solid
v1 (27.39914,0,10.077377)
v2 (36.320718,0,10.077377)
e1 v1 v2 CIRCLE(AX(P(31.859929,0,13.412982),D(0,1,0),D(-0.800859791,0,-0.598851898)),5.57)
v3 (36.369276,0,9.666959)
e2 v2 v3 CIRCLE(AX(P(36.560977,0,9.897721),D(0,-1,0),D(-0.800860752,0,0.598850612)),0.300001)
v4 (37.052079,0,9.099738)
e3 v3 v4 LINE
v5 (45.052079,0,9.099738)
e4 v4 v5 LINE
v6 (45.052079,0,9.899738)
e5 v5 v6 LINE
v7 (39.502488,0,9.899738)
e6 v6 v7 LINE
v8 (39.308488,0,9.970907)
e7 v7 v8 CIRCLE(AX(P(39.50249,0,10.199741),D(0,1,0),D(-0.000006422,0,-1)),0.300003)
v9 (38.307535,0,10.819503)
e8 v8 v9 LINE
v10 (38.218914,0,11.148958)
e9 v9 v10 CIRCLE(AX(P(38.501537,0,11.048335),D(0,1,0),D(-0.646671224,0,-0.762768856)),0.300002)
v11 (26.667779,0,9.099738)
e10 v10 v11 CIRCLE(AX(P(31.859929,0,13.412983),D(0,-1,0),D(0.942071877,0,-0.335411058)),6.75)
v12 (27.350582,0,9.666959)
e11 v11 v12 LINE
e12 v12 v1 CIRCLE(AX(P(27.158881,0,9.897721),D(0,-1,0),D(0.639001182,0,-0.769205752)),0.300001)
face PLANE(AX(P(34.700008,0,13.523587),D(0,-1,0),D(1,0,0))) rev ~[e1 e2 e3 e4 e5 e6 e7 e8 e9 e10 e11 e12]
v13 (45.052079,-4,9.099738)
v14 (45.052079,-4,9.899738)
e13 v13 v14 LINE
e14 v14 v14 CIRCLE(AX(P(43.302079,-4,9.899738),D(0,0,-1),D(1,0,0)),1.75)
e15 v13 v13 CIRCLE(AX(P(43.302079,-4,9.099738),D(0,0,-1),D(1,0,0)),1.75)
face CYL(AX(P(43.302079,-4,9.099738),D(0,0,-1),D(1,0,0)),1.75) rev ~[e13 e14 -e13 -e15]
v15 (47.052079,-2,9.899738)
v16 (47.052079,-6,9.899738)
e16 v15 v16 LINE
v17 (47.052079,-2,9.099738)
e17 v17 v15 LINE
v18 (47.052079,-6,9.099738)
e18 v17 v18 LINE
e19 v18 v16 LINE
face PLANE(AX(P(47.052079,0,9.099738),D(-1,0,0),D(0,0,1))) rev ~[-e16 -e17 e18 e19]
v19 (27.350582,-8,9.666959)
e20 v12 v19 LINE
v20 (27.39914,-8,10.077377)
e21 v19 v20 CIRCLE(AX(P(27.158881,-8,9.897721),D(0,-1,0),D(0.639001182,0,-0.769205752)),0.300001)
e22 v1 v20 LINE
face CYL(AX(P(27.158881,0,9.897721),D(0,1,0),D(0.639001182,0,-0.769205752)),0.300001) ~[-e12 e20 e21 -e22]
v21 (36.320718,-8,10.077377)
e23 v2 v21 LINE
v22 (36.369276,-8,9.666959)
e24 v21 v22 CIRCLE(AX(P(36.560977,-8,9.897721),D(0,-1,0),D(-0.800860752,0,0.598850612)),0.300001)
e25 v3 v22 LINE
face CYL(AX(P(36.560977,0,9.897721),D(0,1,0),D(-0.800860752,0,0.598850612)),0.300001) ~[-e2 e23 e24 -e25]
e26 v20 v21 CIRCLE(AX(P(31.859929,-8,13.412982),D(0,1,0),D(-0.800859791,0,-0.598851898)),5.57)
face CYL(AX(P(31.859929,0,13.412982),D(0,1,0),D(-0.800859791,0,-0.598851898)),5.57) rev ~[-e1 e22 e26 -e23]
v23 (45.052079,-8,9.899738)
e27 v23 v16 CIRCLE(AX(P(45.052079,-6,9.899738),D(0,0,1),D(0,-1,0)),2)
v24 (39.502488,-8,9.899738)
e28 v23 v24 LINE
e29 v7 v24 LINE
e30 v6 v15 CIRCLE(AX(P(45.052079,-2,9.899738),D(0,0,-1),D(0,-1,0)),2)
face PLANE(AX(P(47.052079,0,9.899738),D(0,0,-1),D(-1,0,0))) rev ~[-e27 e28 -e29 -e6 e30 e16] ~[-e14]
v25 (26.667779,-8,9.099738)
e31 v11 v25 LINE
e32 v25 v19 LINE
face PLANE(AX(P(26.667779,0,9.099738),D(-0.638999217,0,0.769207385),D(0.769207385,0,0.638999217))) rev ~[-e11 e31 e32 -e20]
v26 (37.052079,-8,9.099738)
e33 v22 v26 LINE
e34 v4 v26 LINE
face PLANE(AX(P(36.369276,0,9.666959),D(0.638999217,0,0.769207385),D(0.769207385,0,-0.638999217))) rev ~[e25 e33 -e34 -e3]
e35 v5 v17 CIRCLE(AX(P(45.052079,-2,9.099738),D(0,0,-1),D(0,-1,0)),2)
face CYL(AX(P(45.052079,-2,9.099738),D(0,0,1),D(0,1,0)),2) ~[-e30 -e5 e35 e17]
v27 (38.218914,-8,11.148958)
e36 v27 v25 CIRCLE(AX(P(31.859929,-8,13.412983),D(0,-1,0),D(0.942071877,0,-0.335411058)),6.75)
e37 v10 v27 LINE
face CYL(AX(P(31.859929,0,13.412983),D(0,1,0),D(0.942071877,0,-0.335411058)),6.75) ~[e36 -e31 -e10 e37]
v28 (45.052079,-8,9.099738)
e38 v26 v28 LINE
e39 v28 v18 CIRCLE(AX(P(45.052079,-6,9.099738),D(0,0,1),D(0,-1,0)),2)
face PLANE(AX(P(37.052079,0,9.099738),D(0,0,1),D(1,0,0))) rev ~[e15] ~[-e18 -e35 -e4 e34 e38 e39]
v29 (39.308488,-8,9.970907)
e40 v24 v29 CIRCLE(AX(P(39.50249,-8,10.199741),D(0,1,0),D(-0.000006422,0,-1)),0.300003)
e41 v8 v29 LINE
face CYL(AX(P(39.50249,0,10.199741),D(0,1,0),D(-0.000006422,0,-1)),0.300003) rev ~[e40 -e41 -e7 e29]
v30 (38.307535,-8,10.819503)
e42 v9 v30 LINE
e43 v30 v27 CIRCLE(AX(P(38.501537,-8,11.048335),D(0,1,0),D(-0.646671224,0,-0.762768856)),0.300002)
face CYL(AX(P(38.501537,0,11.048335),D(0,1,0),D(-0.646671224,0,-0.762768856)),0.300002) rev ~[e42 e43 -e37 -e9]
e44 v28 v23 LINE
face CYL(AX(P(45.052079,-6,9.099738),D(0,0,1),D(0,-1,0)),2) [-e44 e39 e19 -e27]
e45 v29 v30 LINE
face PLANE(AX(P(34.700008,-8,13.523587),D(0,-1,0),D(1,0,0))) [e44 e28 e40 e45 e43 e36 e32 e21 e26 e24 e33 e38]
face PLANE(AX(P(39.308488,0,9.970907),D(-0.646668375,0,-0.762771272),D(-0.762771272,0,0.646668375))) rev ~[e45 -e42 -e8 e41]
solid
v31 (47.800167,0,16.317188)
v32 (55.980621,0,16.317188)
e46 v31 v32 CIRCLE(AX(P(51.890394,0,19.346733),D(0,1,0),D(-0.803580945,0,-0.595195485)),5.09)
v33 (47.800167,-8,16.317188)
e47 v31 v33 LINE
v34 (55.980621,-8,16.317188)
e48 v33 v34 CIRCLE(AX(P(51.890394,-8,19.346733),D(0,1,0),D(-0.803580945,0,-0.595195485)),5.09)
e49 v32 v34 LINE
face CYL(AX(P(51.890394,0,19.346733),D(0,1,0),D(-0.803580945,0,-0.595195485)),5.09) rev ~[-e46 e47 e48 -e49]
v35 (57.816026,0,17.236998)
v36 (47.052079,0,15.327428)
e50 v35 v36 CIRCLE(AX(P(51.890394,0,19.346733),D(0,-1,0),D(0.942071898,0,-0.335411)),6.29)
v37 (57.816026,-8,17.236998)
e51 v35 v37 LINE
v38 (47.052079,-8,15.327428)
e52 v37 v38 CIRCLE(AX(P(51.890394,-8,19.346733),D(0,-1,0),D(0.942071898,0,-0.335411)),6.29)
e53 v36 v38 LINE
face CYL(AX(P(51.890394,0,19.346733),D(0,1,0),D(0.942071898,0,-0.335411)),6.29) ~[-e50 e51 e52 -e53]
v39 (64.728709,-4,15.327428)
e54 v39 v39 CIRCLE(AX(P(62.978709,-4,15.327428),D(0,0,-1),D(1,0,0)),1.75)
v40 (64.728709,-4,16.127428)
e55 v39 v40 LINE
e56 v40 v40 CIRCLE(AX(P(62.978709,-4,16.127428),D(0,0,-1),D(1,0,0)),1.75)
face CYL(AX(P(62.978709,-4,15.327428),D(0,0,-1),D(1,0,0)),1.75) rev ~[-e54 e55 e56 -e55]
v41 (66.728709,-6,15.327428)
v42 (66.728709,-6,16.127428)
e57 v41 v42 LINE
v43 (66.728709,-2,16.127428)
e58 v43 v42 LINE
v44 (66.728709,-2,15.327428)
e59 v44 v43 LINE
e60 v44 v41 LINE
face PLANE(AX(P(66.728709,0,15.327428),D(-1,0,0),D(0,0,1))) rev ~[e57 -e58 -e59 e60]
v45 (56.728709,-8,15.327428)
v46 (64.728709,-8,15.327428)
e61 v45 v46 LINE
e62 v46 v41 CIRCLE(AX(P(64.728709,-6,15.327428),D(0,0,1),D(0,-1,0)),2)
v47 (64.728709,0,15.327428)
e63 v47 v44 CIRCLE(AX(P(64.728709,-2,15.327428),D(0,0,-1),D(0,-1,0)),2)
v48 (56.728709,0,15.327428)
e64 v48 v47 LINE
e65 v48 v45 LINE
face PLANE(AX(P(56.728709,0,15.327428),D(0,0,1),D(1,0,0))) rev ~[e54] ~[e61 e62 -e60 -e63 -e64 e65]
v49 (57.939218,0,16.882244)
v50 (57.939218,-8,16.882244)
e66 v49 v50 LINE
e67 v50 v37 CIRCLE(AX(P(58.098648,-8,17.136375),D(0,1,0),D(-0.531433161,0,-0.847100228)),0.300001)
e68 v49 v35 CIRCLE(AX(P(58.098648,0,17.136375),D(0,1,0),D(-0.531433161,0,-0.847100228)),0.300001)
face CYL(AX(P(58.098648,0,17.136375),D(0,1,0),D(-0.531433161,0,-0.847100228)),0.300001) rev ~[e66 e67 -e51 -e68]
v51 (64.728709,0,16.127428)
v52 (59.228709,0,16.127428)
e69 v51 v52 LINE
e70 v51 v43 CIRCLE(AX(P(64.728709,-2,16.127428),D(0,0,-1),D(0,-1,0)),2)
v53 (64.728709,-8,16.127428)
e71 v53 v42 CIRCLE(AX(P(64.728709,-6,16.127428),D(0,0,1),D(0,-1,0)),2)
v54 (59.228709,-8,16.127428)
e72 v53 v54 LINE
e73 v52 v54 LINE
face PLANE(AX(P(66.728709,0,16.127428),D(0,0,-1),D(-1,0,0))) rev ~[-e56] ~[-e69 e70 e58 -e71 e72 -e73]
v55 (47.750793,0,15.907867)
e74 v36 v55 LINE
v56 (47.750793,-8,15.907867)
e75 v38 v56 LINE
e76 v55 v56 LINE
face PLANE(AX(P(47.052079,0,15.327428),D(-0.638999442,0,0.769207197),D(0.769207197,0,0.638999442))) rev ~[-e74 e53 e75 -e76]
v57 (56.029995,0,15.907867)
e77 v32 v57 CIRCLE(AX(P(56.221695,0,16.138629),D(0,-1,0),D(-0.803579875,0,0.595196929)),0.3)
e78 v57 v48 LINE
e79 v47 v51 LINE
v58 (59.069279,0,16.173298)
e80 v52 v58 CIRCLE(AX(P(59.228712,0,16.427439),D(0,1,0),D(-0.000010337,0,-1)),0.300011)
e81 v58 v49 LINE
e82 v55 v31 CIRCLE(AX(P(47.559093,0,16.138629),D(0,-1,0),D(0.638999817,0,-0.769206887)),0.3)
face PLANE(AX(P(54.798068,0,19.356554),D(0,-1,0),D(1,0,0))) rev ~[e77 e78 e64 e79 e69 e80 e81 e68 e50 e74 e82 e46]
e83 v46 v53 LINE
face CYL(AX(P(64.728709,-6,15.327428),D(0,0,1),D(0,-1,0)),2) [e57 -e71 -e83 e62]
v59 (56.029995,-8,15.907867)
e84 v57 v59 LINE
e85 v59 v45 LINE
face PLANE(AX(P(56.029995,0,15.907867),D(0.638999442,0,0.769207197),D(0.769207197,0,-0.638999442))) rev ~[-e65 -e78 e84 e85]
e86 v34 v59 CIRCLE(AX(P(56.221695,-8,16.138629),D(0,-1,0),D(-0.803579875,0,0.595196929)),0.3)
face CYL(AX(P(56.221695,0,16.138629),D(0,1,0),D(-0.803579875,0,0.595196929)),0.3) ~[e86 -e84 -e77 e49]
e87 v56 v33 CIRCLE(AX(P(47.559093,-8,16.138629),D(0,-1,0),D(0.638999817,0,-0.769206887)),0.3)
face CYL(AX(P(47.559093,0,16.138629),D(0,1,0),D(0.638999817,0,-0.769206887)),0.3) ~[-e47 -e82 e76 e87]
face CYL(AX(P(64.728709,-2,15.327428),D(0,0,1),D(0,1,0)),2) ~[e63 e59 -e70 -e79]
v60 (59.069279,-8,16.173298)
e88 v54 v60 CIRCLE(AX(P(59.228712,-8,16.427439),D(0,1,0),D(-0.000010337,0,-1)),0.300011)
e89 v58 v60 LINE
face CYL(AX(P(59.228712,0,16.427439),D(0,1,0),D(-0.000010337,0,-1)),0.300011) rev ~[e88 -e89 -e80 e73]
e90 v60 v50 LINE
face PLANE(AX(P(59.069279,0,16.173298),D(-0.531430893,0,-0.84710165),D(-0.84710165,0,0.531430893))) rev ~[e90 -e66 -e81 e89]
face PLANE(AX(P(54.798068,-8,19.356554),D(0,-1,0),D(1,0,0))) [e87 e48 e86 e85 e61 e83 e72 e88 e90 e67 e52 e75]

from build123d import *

# Parameters (mm, degrees)
F1_DEPTH = 8
F4_DEPTH = 25
F5_R     = 2


with BuildPart() as f1:
    # F0 (on Front) → F1 (new body)
    with BuildSketch(Plane.XZ):
        with BuildLine():
            ThreePointArc((27.39914, 10.077377), (31.859929, 18.982982), (36.320718, 10.077377))
            ThreePointArc((36.320718, 10.077377), (36.263054, 9.862473), (36.369276, 9.666959))
            Line((36.369276, 9.666959), (37.052079, 9.099738))
            Line((37.052079, 9.099738), (47.052079, 9.099738))
            Line((47.052079, 9.099738), (47.052079, 9.899738))
            Line((47.052079, 9.899738), (39.502488, 9.899738))
            ThreePointArc((39.502488, 9.899738), (39.399167, 9.918092), (39.308488, 9.970907))
            Line((39.308488, 9.970907), (38.307535, 10.819503))
            ThreePointArc((38.307535, 10.819503), (38.211834, 10.970406), (38.218914, 11.148958))
            ThreePointArc((38.218914, 11.148958), (30.680861, 20.059207), (26.667779, 9.099738))
            Line((26.667779, 9.099738), (27.350582, 9.666959))
            ThreePointArc((27.350582, 9.666959), (27.456804, 9.862473), (27.39914, 10.077377))
        make_face()
        with BuildLine():
            ThreePointArc((47.800167, 16.317188), (51.890394, 24.436733), (55.980621, 16.317188))
            ThreePointArc((55.980621, 16.317188), (55.923854, 16.102702), (56.029995, 15.907867))
            Line((56.029995, 15.907867), (56.728709, 15.327428))
            Line((56.728709, 15.327428), (66.728709, 15.327428))
            Line((66.728709, 15.327428), (66.728709, 16.127428))
            Line((66.728709, 16.127428), (59.228709, 16.127428))
            ThreePointArc((59.228709, 16.127428), (59.14576, 16.139124), (59.069279, 16.173298))
            Line((59.069279, 16.173298), (57.939218, 16.882244))
            ThreePointArc((57.939218, 16.882244), (57.815249, 17.037961), (57.816026, 17.236998))
            ThreePointArc((57.816026, 17.236998), (50.791677, 25.54003), (47.052079, 15.327428))
            Line((47.052079, 15.327428), (47.750793, 15.907867))
            ThreePointArc((47.750793, 15.907867), (47.856934, 16.102702), (47.800167, 16.317188))
        make_face()
    extrude(amount=F1_DEPTH)

    # F2 (on face) + F3 (on face) → F4 (cut)
    with BuildSketch(Plane(origin=(0, 0, 9.099738), x_dir=(1, 0, 0), z_dir=(0, 0, -1))):
        with BuildLine():
            ThreePointArc((41.552079, 4), (43.302079, 2.25), (45.052079, 4))
            Line((45.052079, 4), (41.552079, 4))
        make_face()
        with BuildLine():
            Line((41.552079, 4), (45.052079, 4))
            ThreePointArc((45.052079, 4), (43.302079, 5.75), (41.552079, 4))
        make_face()
    with BuildSketch(Plane(origin=(0, 0, 15.327428), x_dir=(1, 0, 0), z_dir=(0, 0, -1))):
        with BuildLine():
            ThreePointArc((61.228709, 4), (62.978709, 2.25), (64.728709, 4))
            Line((64.728709, 4), (61.228709, 4))
        make_face()
        with BuildLine():
            Line((61.228709, 4), (64.728709, 4))
            ThreePointArc((64.728709, 4), (62.978709, 5.75), (61.228709, 4))
        make_face()
    extrude(amount=-F4_DEPTH, mode=Mode.SUBTRACT)

    # F5
    f5_edges = [f1.edges().sort_by_distance(p)[0] for p in [
        (47.052079, -8, 9.499738),
        (47.052079, 0, 9.499738),
        (66.728709, -8, 15.727428),
        (66.728709, 0, 15.727428),
    ]]
    fillet(f5_edges, radius=F5_R)


solid = f1.part
